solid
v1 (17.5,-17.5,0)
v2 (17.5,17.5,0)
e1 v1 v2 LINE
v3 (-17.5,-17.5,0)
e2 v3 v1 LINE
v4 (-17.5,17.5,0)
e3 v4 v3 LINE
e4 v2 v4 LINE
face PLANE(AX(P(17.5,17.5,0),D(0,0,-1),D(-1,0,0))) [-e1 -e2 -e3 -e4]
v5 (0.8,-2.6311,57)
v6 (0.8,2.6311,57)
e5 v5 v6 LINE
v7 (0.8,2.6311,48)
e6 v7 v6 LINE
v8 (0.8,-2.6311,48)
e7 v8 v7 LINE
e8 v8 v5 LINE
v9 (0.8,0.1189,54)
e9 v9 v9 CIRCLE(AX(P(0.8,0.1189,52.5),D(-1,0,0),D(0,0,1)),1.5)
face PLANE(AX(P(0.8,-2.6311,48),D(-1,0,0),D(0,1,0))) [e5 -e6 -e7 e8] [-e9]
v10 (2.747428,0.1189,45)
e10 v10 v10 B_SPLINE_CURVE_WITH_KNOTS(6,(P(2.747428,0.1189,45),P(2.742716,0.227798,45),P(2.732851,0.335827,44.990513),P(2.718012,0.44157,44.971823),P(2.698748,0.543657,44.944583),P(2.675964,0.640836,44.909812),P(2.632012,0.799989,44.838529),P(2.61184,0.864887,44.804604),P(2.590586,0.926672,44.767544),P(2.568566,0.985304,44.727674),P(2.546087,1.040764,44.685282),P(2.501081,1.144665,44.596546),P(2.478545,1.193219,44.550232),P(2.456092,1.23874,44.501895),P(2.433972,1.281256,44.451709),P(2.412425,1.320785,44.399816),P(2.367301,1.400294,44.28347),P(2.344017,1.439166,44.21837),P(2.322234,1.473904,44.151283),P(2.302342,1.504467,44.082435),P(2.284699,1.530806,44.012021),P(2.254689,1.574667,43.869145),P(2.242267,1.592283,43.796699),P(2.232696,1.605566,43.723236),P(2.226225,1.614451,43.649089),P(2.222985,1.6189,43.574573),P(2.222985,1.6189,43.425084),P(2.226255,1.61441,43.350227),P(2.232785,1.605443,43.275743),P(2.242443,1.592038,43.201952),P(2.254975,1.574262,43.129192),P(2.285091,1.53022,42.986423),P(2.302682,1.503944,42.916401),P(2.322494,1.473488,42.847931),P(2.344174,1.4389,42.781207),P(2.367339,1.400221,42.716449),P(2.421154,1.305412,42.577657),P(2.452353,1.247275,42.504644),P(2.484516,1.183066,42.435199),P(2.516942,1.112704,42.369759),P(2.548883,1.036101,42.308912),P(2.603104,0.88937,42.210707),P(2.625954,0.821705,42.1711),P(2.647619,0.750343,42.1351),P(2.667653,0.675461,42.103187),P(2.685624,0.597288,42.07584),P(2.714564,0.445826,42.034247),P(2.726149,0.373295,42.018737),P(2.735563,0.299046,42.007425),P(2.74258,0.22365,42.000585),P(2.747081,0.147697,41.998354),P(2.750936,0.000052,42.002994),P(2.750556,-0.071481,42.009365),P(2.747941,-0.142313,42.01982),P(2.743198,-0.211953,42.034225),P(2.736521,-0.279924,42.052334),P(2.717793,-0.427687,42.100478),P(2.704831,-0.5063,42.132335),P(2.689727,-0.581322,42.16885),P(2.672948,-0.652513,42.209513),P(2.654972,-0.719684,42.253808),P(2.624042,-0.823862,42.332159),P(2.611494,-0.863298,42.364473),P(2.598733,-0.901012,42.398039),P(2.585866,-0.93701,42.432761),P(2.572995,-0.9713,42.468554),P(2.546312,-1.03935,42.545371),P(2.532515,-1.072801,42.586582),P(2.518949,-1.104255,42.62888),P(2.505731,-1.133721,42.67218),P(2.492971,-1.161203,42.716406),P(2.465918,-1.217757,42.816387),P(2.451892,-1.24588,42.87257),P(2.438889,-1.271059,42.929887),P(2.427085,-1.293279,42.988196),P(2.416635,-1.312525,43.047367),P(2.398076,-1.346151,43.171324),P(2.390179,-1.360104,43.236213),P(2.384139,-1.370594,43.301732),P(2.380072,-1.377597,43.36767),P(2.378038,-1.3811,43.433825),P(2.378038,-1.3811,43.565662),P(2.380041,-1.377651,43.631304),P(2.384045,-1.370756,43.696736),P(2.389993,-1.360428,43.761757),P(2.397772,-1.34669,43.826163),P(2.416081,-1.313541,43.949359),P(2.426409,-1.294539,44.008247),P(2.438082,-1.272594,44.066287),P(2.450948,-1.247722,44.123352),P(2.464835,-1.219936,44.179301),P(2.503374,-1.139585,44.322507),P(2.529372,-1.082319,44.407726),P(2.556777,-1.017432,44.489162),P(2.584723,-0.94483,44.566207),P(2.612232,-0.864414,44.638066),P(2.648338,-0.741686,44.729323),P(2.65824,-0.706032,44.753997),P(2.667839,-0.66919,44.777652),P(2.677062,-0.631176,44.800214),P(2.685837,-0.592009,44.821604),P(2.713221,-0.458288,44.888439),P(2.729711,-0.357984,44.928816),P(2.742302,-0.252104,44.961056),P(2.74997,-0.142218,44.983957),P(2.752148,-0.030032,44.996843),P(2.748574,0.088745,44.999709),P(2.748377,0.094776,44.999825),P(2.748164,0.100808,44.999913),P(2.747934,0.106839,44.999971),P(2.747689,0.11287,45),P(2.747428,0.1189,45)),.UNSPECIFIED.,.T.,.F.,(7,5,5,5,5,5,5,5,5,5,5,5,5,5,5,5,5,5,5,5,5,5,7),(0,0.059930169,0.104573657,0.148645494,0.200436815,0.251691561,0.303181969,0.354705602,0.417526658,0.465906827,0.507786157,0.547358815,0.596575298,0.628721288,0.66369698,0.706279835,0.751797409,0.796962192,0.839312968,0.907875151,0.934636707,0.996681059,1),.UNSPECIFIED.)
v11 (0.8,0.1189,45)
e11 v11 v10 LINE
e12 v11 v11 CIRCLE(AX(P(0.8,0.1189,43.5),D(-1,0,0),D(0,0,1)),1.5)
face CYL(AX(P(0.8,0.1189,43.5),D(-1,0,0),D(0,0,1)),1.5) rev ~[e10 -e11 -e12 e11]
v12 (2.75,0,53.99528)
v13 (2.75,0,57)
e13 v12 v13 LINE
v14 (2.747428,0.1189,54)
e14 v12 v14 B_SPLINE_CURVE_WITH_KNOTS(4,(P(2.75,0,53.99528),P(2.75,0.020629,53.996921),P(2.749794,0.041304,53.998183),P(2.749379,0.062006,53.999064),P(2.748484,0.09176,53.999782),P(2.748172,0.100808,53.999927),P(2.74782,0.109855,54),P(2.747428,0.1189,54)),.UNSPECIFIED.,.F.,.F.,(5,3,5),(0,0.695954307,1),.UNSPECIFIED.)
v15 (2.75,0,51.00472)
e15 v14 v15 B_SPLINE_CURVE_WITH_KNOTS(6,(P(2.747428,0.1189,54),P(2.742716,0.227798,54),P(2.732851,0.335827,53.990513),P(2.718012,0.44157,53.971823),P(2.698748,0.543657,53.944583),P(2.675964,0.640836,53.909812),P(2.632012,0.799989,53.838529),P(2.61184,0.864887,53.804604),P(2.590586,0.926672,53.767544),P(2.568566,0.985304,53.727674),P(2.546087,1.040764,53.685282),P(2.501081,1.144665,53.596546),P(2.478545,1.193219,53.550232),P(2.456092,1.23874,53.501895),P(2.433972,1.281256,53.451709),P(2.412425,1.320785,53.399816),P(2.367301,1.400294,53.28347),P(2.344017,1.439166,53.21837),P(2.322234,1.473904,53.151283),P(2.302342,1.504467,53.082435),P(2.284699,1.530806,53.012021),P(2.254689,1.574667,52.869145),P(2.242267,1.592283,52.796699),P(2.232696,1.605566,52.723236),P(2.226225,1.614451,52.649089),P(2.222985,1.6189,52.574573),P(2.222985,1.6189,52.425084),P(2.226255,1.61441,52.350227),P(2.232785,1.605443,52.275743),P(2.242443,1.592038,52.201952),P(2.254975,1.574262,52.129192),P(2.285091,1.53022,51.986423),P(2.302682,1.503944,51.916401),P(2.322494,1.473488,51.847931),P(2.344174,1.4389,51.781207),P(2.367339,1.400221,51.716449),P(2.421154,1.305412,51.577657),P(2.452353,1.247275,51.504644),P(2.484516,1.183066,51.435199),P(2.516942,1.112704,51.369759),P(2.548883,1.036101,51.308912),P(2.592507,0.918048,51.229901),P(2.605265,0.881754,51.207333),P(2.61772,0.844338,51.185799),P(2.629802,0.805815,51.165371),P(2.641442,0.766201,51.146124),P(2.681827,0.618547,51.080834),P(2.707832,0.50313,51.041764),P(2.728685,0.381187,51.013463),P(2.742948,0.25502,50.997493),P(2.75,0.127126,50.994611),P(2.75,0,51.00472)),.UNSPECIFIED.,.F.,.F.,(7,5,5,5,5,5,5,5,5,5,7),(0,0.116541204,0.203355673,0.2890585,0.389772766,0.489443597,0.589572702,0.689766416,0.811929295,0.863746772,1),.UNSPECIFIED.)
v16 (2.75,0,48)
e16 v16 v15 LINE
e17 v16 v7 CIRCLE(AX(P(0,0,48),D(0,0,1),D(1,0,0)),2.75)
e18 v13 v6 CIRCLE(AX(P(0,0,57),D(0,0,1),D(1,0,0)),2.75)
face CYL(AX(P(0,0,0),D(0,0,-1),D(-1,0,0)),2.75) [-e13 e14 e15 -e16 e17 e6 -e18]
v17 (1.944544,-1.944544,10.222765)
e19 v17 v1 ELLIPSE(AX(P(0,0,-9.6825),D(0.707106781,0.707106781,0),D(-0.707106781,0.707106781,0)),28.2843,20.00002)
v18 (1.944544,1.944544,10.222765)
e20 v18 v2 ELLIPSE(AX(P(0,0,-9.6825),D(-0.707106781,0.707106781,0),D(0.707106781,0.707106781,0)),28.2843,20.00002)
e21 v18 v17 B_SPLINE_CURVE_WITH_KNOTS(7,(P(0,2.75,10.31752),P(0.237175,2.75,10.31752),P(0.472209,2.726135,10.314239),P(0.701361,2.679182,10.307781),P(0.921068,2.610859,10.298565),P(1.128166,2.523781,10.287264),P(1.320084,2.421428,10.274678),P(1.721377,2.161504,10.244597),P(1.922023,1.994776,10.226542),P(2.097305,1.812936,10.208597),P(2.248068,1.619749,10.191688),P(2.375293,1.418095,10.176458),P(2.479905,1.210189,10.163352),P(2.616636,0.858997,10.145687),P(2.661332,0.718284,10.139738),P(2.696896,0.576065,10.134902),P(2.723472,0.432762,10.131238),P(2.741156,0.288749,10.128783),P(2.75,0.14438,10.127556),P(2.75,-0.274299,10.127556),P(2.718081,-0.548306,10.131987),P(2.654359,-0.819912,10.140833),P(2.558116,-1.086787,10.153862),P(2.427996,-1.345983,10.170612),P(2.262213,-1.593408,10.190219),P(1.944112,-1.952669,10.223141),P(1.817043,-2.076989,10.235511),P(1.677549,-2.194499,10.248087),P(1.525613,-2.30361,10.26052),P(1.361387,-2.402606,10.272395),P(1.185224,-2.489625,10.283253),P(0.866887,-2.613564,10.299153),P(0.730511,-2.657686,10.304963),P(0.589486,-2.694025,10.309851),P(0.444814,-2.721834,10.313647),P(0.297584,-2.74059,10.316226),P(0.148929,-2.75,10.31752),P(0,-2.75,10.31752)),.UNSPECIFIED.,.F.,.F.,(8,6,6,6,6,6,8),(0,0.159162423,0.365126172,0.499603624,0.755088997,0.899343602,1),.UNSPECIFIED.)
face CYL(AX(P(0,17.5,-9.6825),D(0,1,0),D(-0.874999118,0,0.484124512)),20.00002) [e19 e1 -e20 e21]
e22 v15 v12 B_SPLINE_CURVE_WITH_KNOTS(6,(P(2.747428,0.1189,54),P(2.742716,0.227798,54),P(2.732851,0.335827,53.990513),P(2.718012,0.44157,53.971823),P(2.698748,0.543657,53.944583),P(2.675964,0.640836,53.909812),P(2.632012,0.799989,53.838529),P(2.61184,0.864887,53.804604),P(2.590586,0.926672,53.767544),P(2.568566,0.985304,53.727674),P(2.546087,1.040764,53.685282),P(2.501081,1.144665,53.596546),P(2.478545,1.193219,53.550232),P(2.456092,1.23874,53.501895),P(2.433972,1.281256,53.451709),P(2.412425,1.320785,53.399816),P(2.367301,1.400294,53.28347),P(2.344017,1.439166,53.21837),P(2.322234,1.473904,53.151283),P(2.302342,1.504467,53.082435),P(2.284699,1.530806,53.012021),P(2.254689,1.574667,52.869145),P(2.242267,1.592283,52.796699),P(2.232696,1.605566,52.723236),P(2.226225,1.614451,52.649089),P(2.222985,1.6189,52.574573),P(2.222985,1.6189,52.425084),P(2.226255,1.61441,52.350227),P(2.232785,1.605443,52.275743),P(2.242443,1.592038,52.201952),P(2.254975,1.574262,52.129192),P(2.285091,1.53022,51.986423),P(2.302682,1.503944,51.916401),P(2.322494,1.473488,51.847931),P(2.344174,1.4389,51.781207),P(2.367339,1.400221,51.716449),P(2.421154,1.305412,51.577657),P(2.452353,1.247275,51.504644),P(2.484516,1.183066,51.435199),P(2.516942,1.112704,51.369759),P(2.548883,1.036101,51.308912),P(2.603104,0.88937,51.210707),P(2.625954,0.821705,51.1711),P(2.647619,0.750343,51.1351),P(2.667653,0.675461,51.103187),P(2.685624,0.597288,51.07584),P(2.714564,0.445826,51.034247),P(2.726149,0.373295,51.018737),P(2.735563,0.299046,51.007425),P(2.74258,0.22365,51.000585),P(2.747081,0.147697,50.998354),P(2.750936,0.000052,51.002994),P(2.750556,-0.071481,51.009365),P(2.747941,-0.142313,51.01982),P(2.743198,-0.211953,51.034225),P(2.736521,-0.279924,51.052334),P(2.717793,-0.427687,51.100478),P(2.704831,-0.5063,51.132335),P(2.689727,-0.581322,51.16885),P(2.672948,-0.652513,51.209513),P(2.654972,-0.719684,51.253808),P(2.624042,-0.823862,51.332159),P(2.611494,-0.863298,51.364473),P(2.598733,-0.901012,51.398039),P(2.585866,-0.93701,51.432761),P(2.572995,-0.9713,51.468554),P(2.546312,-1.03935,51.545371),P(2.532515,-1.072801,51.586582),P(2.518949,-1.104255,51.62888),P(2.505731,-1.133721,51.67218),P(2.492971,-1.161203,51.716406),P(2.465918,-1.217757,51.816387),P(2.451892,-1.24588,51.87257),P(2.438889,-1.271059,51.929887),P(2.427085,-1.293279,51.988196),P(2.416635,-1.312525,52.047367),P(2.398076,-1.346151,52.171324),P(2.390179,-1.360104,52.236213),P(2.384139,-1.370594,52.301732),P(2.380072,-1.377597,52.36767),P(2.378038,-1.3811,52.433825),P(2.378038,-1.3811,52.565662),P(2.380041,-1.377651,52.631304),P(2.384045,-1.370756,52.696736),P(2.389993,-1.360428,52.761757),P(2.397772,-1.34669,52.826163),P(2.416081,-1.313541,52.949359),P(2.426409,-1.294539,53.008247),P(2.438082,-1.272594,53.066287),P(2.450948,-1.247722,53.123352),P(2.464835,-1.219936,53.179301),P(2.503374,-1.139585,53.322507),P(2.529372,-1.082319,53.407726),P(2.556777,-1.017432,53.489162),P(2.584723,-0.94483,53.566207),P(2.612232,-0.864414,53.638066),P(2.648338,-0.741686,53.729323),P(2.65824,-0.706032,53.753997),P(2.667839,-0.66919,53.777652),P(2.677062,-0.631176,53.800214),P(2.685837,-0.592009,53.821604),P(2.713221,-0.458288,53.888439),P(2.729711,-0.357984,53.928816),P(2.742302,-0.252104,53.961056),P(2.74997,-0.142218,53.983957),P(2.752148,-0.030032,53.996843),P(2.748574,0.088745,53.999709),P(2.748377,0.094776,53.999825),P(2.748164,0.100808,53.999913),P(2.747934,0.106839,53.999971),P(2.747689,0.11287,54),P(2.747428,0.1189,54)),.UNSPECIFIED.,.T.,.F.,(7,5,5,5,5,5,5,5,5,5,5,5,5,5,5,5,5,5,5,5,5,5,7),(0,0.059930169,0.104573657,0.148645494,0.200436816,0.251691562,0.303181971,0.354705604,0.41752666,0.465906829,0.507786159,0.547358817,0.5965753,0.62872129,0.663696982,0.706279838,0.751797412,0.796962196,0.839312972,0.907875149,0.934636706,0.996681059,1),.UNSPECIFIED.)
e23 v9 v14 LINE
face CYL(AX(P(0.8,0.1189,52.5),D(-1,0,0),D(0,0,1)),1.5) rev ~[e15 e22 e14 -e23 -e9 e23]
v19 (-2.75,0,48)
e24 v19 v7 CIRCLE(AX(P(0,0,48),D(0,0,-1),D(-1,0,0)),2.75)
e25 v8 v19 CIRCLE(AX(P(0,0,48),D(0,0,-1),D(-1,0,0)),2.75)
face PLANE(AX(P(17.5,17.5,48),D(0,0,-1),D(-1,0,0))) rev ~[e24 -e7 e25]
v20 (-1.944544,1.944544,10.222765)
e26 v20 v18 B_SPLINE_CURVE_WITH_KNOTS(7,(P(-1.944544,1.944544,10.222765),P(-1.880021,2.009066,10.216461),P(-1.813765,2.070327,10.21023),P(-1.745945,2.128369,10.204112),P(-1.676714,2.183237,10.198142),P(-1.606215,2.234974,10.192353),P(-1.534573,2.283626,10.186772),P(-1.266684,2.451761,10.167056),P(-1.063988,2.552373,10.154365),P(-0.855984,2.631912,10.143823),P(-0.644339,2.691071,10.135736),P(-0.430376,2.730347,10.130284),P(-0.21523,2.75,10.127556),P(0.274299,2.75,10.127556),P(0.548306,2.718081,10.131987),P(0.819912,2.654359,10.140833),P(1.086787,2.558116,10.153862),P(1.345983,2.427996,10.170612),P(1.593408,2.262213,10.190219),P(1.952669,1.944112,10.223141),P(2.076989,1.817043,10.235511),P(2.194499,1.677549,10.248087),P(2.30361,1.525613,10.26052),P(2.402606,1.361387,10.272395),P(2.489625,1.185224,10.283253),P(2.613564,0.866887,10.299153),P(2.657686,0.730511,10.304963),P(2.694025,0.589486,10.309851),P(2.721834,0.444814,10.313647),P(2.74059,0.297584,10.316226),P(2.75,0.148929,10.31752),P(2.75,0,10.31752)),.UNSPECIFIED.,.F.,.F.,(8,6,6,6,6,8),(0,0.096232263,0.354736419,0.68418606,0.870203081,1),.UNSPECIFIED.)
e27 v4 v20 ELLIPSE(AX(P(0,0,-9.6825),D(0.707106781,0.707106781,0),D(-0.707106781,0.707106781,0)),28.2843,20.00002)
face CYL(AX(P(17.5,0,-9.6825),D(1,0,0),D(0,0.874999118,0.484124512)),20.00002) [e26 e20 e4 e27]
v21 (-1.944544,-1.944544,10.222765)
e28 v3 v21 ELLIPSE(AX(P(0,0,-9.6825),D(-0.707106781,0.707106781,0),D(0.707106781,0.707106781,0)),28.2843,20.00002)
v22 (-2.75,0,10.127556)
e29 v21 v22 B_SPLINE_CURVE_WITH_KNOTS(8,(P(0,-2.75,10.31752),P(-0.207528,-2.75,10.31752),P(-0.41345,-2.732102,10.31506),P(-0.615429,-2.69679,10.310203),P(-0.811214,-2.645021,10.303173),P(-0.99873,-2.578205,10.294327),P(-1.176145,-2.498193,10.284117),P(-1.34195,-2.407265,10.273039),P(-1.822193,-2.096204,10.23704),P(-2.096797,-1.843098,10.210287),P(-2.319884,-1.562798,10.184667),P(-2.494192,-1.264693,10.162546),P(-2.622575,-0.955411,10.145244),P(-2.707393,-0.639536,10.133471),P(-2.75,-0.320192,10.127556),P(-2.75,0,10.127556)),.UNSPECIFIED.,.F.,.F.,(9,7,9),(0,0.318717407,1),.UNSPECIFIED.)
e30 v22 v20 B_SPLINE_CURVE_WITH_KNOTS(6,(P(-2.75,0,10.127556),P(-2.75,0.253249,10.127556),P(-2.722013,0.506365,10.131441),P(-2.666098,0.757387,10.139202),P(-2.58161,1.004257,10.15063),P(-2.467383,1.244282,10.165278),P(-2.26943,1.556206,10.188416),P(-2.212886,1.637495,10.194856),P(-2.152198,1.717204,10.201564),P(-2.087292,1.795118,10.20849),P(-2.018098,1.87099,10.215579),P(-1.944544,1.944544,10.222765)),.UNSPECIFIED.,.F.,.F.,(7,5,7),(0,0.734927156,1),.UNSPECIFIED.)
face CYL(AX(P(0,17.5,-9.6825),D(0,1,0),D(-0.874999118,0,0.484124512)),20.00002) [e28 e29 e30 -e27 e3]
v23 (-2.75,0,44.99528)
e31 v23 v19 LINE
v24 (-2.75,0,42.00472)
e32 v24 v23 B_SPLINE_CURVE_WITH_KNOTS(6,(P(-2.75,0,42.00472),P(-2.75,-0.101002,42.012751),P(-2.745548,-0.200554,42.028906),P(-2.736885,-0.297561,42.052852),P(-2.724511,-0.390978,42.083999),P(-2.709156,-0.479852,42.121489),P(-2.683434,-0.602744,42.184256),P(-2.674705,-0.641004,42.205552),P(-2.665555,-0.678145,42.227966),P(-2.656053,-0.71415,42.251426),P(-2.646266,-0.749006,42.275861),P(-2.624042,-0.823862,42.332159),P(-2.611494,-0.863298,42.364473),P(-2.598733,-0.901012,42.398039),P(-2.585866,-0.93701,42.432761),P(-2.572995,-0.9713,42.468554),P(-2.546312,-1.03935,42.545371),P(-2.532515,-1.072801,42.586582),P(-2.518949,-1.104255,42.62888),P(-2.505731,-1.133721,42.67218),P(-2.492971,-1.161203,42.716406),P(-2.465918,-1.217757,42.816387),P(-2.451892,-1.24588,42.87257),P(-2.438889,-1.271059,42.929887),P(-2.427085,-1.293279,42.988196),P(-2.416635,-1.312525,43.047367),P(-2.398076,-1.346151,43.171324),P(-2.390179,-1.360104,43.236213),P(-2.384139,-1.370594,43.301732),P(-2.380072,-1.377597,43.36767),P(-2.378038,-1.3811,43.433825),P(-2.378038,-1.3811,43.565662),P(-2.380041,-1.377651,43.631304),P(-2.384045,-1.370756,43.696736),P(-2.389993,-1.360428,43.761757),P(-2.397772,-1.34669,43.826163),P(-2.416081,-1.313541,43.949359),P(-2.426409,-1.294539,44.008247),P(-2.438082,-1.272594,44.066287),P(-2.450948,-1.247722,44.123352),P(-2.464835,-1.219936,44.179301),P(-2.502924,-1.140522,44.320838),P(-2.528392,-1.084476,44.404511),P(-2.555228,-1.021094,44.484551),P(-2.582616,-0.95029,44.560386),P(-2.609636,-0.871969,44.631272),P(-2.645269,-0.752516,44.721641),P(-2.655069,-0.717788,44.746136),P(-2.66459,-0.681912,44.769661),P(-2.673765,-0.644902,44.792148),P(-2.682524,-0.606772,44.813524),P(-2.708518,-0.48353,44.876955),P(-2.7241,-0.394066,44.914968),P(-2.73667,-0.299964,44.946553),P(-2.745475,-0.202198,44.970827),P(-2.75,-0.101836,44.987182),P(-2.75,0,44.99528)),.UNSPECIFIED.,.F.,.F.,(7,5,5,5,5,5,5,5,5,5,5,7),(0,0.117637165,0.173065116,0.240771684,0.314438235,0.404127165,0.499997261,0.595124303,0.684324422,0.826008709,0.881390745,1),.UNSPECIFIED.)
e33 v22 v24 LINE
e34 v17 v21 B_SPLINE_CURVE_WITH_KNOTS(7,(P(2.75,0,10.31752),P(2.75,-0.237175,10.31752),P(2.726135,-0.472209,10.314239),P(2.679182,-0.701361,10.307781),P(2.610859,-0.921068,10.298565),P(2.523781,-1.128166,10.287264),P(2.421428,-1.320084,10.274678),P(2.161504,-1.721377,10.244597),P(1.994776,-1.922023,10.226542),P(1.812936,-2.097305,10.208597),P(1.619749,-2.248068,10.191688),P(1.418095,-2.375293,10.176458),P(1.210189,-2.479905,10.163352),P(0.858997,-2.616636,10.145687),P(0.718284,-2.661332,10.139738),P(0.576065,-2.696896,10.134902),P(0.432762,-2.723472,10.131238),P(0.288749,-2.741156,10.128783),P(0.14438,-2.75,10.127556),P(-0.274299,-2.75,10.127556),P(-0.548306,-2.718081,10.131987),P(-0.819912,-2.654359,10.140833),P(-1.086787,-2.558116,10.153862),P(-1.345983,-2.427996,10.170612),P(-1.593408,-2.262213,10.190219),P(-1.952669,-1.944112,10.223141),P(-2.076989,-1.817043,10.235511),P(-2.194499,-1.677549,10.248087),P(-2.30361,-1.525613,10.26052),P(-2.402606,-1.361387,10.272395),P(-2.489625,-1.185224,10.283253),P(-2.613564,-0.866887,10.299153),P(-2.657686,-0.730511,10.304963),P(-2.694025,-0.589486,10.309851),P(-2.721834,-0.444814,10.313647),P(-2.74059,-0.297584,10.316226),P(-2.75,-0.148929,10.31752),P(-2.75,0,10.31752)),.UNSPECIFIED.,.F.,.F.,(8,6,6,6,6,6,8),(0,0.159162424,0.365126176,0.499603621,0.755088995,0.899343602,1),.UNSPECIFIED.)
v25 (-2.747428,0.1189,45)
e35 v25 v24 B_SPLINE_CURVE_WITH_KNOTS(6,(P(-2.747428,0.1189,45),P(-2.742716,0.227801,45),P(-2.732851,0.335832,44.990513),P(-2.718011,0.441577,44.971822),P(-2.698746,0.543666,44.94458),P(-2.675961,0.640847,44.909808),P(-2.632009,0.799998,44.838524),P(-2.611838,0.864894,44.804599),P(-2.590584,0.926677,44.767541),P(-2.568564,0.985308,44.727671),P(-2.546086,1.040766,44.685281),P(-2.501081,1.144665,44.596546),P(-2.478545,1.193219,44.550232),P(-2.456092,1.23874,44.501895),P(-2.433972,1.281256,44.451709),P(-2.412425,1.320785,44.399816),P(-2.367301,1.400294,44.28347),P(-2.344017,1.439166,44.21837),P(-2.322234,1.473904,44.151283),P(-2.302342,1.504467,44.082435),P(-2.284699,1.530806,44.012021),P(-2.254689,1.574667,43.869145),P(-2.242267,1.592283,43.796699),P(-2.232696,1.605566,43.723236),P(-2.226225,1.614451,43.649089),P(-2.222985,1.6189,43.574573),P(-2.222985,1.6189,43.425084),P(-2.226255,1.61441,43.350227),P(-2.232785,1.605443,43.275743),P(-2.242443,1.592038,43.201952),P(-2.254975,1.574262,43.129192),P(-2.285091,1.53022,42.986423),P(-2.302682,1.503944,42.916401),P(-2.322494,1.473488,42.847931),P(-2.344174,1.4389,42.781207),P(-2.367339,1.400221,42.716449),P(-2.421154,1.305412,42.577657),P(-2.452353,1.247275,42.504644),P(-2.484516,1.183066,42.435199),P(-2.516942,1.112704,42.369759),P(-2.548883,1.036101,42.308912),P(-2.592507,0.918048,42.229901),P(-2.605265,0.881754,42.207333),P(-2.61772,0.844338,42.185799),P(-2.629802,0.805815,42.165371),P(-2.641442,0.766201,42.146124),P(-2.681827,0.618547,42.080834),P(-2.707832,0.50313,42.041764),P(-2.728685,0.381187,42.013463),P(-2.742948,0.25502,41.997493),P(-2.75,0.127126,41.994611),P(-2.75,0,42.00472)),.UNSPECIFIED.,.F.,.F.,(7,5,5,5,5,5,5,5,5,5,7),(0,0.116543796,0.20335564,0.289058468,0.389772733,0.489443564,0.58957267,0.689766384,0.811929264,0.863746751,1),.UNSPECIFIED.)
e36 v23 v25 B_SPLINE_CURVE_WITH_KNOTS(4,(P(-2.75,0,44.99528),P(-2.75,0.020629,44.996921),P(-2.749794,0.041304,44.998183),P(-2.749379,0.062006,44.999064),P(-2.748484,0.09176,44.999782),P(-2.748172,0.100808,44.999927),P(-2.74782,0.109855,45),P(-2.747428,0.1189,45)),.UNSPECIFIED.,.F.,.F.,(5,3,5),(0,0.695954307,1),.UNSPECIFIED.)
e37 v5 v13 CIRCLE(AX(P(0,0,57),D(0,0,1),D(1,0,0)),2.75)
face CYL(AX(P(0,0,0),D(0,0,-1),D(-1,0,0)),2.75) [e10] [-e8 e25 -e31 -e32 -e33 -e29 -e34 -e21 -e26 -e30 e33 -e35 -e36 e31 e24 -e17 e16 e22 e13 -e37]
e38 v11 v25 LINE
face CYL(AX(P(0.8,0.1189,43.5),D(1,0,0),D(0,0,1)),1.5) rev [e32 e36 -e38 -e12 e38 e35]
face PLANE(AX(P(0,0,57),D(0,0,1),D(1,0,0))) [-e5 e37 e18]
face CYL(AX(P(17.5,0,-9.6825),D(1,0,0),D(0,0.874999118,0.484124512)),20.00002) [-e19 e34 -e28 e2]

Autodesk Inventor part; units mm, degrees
ref_plane "XZ Plane" through (0, 0, 0) normal (0, 1, 0) x (-1, 0, 0)
ref_plane "XY Plane" through (0, 0, 0) normal (0, 0, 1) x (1, 0, 0)
sketch "Sketch1" plane through (0, 0, 0) normal (0, 1, 0) x (-1, 0, 0)
  line L0 (0, 0) -> (3, 0)
  line L1 (3, 0) -> (3, 50)
  line L2 (3, 50) -> (0, 50)
  line L3 (0, 50) -> (0, 0)
  dimension "d0" = 3
  dimension "d1" = 50
revolve "Revolution1" add sketch "Sketch1" angle 360 about axis through (0, 0, 50) along (0, 0, -1)
sketch "Sketch2" plane through (0, 0, 0) normal (0, 0, -1) x (-1, 0, 0)
  line L0 (-17.5, 17.5) -> (17.5, 17.5)
  line L1 (17.5, 17.5) -> (17.5, -17.5)
  line L2 (17.5, -17.5) -> (-17.5, -17.5)
  line L3 (-17.5, -17.5) -> (-17.5, 17.5)
  line L4 (-17.5, 17.5) -> (17.5, -17.5) construction
  line L5 (17.5, 17.5) -> (-17.5, -17.5) construction
  point P0 (0, 0)
  dimension "d6" = 35
  dimension "d7" = 35
extrude "Extrusion1" add sketch "Sketch2" against normal blind 14
sketch "Sketch3" plane through (-17.5, 17.5, 0) normal (0, 1, 0) x (1, 0, 0)
  line L0 (35, 0) -> (35, -14) projected
  line L1 (0, 0) -> (35, 0)
  arc A0 (0, 0) -> (35, 0) centre (17.5, 9.6825) ccw
  point P0 (17.5, 0)
  dimension "d10" = 20
  dimension "d11" = 17.5
extrude "Extrusion2" cut sketch "Sketch3" against normal through all keep common part
sketch "Sketch4" plane through (17.5, -17.5, 0) normal (1, 0, 0) x (0, 0, -1)
  line L0 (0, 35) -> (0, 0) projected
  line L1 (0, 35) -> (0, 0)
  arc A0 (0, 35) -> (0, 0) centre (9.6825, 17.5) ccw
  point P0 (0, 17.5)
  dimension "d14" = 20
extrude "Extrusion3" cut sketch "Sketch4" against normal through all keep common part
sketch "Sketch5" plane through (17.5, 17.5, 0) normal (0, 0, -1) x (-1, 0, 0)
  line L0 (35, 0) -> (17.5, -17.5) projected
  circle A0 centre (17.5, -17.5) radius 2.75
  dimension "d17" = 5.5
extrude "Extrusion4" add sketch "Sketch5" against normal blind 48
ref_plane "Work Plane1" through (0, 0, 0) normal (1, 0, 0) x (0, 1, 0)
sketch "Sketch6" plane through (0, 0, 48) normal (0, 0, 1) x (1, 0, 0)
  circle A0 centre (0, 0) radius 2.75 projected
  line L0 (0.8, -2.6311) -> (0.8, 2.6311)
  arc A1 (0.8, -2.6311) -> (0.8, 2.6311) centre (0, 0) ccw
  point P0 (0, 0)
  dimension "d28" = 0.8
extrude "Extrusion5" add sketch "Sketch6" along normal blind 9 contours A0 L0 picked at (0.979, 0.801)
sketch "Sketch7" plane through (0.8, -2.6311, 48) normal (-1, 0, 0) x (0, 0, 1)
  circle A0 centre (4.5, 2.75) radius 1.5
  line L0 (9, 5.2621) -> (9, 0) projected
  circle A1 centre (-4.5, 2.75) radius 1.5
  point P0 (-48, 2.6311)
  dimension "d23" = 3
  dimension "d24" = 4.5
  dimension "d31" = 3
  dimension "d32" = 9
extrude "Extrusion6" cut sketch "Sketch7" along normal through all both and the other way through all
equation "\"d7\" = d6"
properties part number "thumper-bumper-plunger"
